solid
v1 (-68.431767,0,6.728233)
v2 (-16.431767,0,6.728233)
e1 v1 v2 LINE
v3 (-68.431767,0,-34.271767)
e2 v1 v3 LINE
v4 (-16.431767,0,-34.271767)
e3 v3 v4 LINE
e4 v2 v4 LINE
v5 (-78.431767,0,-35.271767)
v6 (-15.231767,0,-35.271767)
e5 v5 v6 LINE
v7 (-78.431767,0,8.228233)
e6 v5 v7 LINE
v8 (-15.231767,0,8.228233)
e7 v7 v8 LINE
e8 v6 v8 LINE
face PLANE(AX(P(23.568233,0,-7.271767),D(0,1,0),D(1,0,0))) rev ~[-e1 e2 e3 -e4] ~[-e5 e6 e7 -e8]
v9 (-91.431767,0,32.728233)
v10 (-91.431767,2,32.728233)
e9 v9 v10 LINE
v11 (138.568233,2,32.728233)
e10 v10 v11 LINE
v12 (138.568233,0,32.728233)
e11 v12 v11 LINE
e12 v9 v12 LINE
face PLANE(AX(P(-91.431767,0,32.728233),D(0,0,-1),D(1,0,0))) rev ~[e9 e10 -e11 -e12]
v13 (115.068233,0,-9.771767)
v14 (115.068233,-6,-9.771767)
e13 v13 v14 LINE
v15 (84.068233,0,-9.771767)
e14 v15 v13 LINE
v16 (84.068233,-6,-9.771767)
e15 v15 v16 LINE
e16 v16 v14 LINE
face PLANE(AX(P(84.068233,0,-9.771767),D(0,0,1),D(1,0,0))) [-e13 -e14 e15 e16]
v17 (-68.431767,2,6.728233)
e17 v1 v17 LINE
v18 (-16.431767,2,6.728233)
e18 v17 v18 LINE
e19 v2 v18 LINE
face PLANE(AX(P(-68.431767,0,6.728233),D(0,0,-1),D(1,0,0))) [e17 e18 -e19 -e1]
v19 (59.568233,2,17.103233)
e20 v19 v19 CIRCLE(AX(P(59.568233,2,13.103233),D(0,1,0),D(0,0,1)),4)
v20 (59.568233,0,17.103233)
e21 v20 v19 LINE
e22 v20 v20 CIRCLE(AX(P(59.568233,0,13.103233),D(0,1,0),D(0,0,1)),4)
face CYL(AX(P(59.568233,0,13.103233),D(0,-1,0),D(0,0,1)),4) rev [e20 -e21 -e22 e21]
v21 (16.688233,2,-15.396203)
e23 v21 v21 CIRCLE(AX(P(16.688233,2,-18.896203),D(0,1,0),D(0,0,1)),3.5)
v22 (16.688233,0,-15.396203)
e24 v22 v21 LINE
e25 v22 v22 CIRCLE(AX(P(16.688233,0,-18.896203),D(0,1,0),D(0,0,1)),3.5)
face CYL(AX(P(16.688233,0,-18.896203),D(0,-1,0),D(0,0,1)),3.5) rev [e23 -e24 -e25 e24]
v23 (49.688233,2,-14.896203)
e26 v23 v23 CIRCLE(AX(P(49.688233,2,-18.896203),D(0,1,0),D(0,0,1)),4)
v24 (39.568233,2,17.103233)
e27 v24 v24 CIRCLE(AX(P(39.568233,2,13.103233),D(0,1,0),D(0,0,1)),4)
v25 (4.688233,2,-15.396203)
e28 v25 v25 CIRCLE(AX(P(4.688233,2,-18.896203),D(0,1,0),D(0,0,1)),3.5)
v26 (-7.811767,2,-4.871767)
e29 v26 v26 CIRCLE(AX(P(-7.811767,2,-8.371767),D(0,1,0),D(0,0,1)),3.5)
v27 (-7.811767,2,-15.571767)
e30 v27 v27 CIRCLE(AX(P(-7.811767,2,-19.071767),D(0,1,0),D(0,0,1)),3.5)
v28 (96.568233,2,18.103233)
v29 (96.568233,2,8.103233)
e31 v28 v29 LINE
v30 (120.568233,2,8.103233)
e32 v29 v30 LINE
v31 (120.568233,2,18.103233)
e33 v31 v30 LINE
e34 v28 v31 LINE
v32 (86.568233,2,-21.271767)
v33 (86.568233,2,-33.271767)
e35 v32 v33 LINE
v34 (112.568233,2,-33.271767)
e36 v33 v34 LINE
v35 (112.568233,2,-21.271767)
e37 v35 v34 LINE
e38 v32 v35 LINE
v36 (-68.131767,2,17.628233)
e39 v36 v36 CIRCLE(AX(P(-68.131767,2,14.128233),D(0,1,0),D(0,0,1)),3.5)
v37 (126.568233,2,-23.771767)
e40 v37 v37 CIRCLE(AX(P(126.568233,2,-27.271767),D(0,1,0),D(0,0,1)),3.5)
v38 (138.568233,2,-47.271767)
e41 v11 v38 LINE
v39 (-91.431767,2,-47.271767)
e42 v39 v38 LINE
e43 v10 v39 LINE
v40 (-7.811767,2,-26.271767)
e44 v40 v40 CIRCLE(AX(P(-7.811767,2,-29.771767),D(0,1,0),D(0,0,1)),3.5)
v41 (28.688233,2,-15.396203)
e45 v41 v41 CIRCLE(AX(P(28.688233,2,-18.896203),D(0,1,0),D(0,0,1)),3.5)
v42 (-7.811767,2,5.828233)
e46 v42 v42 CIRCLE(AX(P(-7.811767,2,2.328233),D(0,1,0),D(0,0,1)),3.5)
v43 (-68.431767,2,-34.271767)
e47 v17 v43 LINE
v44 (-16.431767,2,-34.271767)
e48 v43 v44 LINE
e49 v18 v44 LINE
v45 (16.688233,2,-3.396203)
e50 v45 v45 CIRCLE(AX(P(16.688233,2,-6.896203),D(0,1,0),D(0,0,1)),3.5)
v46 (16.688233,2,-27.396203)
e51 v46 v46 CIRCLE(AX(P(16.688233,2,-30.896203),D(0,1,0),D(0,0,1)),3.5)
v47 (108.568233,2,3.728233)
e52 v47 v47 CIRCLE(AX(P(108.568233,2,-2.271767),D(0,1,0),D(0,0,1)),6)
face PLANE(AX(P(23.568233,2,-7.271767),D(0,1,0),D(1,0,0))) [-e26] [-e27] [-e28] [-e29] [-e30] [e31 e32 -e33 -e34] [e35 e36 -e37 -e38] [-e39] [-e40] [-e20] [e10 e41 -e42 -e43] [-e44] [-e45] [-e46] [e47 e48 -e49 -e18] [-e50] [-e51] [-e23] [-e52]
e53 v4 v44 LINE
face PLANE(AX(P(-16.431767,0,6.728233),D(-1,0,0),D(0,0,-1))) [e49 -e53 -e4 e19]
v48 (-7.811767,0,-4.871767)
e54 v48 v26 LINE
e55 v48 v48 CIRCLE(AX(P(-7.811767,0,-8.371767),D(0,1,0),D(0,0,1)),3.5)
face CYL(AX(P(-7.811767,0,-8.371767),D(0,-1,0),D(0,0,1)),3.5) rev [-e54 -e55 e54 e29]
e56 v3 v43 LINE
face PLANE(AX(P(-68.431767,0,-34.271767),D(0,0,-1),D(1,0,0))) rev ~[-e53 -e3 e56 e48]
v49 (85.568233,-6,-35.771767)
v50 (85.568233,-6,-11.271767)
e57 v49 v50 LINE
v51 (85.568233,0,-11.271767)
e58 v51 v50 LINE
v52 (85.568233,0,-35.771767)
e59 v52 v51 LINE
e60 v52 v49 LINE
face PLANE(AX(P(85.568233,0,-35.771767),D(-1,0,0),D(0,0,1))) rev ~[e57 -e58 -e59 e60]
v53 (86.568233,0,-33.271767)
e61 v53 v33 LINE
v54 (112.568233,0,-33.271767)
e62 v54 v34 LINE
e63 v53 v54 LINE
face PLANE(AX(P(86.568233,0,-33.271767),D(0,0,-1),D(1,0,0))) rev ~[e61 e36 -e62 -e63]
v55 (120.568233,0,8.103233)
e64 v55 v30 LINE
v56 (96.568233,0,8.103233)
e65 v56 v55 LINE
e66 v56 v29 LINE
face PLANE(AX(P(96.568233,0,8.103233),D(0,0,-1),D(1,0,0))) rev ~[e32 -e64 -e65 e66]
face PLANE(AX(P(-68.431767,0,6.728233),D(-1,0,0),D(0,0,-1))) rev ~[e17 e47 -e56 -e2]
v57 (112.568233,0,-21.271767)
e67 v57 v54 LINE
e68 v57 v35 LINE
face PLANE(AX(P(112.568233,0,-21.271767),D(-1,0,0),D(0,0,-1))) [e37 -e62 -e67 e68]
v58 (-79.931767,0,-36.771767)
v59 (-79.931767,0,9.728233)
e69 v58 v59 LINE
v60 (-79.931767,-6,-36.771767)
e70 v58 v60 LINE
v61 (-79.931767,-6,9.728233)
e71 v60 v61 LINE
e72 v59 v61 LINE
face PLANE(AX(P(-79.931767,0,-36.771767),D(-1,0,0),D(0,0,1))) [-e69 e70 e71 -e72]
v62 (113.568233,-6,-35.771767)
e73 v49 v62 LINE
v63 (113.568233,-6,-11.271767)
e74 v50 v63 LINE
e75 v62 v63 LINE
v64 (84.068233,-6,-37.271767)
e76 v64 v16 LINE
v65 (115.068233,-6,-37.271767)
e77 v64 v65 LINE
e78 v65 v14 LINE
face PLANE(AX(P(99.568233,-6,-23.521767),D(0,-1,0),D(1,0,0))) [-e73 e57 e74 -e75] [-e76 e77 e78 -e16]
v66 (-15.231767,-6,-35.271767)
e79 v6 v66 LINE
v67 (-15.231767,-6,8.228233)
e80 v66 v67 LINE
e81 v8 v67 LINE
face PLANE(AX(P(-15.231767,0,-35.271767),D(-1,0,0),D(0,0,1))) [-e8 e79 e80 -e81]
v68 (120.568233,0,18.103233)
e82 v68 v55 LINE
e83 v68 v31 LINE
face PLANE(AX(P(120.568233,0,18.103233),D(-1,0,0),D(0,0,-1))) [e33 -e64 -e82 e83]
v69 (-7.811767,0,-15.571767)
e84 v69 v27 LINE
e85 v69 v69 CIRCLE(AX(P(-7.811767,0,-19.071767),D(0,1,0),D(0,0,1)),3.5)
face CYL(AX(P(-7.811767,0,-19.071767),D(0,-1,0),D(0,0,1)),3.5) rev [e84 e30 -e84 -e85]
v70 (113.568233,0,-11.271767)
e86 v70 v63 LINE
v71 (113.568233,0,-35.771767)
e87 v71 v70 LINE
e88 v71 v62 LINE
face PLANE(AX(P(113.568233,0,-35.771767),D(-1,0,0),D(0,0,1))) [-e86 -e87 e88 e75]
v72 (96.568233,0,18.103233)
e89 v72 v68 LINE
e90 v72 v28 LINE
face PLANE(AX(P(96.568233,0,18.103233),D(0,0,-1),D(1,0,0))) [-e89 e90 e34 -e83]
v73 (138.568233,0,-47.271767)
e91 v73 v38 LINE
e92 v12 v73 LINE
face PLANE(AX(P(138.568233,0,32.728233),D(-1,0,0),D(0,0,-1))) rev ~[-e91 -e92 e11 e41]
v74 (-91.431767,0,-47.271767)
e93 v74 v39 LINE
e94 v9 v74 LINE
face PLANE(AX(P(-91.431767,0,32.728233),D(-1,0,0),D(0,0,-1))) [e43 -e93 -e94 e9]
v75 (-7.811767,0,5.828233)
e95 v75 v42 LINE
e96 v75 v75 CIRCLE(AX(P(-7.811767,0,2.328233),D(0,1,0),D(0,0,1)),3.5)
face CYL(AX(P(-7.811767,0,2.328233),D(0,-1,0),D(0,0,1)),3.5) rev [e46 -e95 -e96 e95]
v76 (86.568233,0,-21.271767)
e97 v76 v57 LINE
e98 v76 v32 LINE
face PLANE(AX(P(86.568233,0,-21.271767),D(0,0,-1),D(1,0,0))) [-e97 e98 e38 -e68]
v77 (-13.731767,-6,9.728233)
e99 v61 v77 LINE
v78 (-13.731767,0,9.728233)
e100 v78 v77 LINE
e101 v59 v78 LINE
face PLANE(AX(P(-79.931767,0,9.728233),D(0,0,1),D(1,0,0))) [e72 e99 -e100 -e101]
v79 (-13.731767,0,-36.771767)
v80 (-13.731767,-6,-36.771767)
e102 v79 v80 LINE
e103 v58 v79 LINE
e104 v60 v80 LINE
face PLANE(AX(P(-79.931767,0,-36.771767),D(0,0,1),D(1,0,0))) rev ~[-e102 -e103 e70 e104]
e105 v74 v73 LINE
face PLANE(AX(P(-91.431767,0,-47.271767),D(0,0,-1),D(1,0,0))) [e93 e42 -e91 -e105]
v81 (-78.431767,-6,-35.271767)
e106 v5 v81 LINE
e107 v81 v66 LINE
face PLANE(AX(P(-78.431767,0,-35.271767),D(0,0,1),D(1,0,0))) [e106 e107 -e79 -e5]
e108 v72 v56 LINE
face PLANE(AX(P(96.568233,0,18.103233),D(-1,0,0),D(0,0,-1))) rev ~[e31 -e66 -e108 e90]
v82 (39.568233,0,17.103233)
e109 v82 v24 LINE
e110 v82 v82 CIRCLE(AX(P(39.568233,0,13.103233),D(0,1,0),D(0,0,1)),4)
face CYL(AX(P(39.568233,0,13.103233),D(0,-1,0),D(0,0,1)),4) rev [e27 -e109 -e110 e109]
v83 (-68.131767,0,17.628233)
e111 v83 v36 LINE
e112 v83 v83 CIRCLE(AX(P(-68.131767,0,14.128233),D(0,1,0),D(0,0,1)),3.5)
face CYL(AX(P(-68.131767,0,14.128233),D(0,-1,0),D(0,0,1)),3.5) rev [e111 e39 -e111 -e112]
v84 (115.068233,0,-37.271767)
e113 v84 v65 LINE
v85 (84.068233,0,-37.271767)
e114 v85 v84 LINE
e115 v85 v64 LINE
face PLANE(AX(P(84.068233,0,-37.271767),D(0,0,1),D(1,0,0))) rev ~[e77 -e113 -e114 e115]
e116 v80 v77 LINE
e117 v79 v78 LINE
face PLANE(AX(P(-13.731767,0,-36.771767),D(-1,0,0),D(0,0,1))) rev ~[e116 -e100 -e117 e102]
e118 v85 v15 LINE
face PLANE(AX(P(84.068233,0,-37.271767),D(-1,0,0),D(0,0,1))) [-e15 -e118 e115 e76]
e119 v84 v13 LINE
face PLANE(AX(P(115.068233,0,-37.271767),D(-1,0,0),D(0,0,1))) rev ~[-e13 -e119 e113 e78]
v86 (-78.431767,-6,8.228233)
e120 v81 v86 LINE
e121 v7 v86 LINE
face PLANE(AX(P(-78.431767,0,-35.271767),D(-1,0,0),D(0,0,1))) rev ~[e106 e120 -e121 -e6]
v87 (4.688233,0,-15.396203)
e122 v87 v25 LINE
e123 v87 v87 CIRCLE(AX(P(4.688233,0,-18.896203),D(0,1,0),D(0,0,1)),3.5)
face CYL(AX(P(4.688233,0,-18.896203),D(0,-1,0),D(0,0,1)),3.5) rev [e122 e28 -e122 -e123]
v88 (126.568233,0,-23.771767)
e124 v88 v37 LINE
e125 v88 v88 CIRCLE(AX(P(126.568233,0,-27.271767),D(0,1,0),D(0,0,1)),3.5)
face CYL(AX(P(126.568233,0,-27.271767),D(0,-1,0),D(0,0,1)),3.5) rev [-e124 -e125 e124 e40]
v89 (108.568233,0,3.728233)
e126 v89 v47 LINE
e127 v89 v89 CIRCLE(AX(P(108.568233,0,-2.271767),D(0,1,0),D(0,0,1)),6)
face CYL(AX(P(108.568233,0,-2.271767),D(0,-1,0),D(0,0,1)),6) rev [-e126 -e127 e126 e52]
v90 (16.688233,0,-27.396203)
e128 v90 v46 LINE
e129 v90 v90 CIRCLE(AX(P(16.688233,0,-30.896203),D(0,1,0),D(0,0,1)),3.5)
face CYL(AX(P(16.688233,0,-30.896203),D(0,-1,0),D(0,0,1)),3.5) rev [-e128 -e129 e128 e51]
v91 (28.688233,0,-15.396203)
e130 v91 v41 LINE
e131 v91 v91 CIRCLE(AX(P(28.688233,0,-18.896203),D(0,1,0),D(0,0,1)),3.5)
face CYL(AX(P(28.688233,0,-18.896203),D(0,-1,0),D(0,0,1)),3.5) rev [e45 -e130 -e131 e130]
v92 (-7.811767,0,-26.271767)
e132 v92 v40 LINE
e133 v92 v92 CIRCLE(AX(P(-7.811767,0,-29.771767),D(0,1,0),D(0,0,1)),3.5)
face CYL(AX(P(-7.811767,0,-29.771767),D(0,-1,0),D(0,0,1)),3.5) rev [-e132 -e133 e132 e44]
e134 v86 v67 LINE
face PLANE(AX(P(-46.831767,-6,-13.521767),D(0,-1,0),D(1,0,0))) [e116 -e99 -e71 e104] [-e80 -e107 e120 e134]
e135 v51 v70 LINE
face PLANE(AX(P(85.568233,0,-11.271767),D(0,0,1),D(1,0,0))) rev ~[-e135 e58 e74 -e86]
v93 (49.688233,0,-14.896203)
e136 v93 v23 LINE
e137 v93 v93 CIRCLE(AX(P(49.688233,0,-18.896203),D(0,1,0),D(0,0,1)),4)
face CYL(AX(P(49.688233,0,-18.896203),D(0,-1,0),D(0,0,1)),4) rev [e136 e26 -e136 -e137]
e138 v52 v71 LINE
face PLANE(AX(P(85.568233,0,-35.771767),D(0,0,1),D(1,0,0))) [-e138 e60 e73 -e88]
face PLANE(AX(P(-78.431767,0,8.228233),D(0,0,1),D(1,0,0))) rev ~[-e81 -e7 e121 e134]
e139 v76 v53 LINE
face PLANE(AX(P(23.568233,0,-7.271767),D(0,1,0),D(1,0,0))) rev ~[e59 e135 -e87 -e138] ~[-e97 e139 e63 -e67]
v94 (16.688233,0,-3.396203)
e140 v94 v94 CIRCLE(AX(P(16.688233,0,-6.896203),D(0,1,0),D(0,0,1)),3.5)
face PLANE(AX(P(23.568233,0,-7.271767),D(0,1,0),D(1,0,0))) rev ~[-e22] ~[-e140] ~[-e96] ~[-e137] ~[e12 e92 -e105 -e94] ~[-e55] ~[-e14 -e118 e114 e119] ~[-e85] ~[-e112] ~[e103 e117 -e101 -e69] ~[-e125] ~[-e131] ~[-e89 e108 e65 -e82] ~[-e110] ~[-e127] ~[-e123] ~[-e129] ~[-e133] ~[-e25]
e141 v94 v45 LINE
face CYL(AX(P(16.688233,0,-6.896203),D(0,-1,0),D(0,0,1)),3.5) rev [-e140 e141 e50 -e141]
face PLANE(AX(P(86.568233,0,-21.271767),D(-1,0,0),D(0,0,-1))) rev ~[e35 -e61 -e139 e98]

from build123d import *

# Parameters (mm, degrees)
SKETCH_1_W      = 230
SKETCH_1_H      = 80
SKETCH_1_R      = 3.5
SKETCH_1_R_2    = 4
SKETCH_1_R_3    = 6
SKETCH_1_W_2    = 52
SKETCH_1_H_2    = 41
SKETCH_1_W_3    = 26
SKETCH_1_H_3    = 12
SKETCH_1_W_4    = 24
SKETCH_1_H_4    = 10
EXTRUDE_1_DEPTH = 2
SKETCH_3_W      = 66.2
SKETCH_3_H      = 46.5
SKETCH_3_W_2    = 63.2
SKETCH_3_H_2    = 43.5
SKETCH_3_W_3    = 31
SKETCH_3_H_3    = 27.5
SKETCH_3_W_4    = 28
SKETCH_3_H_4    = 24.5
EXTRUDE_2_DEPTH = 6


with BuildPart() as part:
    # 草图1 → 凸台-拉伸1 (new body)
    with BuildSketch(Plane(origin=(0, 0, 0), x_dir=(1, 0, 0), z_dir=(0, 1, 0))):
        with Locations((23.568232821, 7.271766922)):
            Rectangle(SKETCH_1_W, SKETCH_1_H)
        with Locations(Location((-68.131767179, -14.128233078, 0), (0, 0, 270))):
            Circle(SKETCH_1_R, mode=Mode.SUBTRACT)
        with Locations(Location((-7.811767179, 29.771766922, 0), (0, 0, 270))):
            Circle(SKETCH_1_R, mode=Mode.SUBTRACT)
        with Locations(Location((-7.811767179, 19.071766922, 0), (0, 0, 270))):
            Circle(SKETCH_1_R, mode=Mode.SUBTRACT)
        with Locations(Location((-7.811767179, 8.371766922, 0), (0, 0, 270))):
            Circle(SKETCH_1_R, mode=Mode.SUBTRACT)
        with Locations(Location((-7.811767179, -2.328233078, 0), (0, 0, 270))):
            Circle(SKETCH_1_R, mode=Mode.SUBTRACT)
        with Locations(Location((16.688232821, 30.896203348, 0), (0, 0, 270))):
            Circle(SKETCH_1_R, mode=Mode.SUBTRACT)
        with Locations(Location((16.688232821, 18.896203348, 0), (0, 0, 270))):
            Circle(SKETCH_1_R, mode=Mode.SUBTRACT)
        with Locations(Location((16.688232821, 6.896203348, 0), (0, 0, 270))):
            Circle(SKETCH_1_R, mode=Mode.SUBTRACT)
        with Locations(Location((4.688232821, 18.896203348, 0), (0, 0, 270))):
            Circle(SKETCH_1_R, mode=Mode.SUBTRACT)
        with Locations(Location((28.688232821, 18.896203348, 0), (0, 0, 270))):
            Circle(SKETCH_1_R, mode=Mode.SUBTRACT)
        with Locations(Location((49.688232821, 18.896203348, 0), (0, 0, 270))):
            Circle(SKETCH_1_R_2, mode=Mode.SUBTRACT)
        with Locations(Location((59.568232821, -13.103233078, 0), (0, 0, 270))):
            Circle(SKETCH_1_R_2, mode=Mode.SUBTRACT)
        with Locations(Location((39.568232821, -13.103233078, 0), (0, 0, 270))):
            Circle(SKETCH_1_R_2, mode=Mode.SUBTRACT)
        with Locations(Location((126.568232821, 27.271766922, 0), (0, 0, 270))):
            Circle(SKETCH_1_R, mode=Mode.SUBTRACT)
        with Locations(Location((108.568232821, 2.271766922, 0), (0, 0, 270))):
            Circle(SKETCH_1_R_3, mode=Mode.SUBTRACT)
        with Locations((-42.431767179, 13.771766922)):
            Rectangle(SKETCH_1_W_2, SKETCH_1_H_2, mode=Mode.SUBTRACT)
        with Locations((99.568232821, 27.271766922)):
            Rectangle(SKETCH_1_W_3, SKETCH_1_H_3, mode=Mode.SUBTRACT)
        with Locations((108.568232821, -13.103233078)):
            Rectangle(SKETCH_1_W_4, SKETCH_1_H_4, mode=Mode.SUBTRACT)
    extrude(amount=EXTRUDE_1_DEPTH)

    # 草图3 → 凸台-拉伸2 (add)
    # profile 1 of 2: a face of its own
    with BuildSketch(Plane.XZ):
        with Locations((-46.831767179, -13.521766922)):
            Rectangle(SKETCH_3_W, SKETCH_3_H)
        with Locations((-46.831767179, -13.521766922)):
            Rectangle(SKETCH_3_W_2, SKETCH_3_H_2, mode=Mode.SUBTRACT)
    # profile 2 of 2: a face of its own
    with BuildSketch(Plane.XZ):
        with Locations((99.568232821, -23.521766922)):
            Rectangle(SKETCH_3_W_3, SKETCH_3_H_3)
        with Locations((99.568232821, -23.521766922)):
            Rectangle(SKETCH_3_W_4, SKETCH_3_H_4, mode=Mode.SUBTRACT)
    extrude(amount=EXTRUDE_2_DEPTH)


solid = part.part
